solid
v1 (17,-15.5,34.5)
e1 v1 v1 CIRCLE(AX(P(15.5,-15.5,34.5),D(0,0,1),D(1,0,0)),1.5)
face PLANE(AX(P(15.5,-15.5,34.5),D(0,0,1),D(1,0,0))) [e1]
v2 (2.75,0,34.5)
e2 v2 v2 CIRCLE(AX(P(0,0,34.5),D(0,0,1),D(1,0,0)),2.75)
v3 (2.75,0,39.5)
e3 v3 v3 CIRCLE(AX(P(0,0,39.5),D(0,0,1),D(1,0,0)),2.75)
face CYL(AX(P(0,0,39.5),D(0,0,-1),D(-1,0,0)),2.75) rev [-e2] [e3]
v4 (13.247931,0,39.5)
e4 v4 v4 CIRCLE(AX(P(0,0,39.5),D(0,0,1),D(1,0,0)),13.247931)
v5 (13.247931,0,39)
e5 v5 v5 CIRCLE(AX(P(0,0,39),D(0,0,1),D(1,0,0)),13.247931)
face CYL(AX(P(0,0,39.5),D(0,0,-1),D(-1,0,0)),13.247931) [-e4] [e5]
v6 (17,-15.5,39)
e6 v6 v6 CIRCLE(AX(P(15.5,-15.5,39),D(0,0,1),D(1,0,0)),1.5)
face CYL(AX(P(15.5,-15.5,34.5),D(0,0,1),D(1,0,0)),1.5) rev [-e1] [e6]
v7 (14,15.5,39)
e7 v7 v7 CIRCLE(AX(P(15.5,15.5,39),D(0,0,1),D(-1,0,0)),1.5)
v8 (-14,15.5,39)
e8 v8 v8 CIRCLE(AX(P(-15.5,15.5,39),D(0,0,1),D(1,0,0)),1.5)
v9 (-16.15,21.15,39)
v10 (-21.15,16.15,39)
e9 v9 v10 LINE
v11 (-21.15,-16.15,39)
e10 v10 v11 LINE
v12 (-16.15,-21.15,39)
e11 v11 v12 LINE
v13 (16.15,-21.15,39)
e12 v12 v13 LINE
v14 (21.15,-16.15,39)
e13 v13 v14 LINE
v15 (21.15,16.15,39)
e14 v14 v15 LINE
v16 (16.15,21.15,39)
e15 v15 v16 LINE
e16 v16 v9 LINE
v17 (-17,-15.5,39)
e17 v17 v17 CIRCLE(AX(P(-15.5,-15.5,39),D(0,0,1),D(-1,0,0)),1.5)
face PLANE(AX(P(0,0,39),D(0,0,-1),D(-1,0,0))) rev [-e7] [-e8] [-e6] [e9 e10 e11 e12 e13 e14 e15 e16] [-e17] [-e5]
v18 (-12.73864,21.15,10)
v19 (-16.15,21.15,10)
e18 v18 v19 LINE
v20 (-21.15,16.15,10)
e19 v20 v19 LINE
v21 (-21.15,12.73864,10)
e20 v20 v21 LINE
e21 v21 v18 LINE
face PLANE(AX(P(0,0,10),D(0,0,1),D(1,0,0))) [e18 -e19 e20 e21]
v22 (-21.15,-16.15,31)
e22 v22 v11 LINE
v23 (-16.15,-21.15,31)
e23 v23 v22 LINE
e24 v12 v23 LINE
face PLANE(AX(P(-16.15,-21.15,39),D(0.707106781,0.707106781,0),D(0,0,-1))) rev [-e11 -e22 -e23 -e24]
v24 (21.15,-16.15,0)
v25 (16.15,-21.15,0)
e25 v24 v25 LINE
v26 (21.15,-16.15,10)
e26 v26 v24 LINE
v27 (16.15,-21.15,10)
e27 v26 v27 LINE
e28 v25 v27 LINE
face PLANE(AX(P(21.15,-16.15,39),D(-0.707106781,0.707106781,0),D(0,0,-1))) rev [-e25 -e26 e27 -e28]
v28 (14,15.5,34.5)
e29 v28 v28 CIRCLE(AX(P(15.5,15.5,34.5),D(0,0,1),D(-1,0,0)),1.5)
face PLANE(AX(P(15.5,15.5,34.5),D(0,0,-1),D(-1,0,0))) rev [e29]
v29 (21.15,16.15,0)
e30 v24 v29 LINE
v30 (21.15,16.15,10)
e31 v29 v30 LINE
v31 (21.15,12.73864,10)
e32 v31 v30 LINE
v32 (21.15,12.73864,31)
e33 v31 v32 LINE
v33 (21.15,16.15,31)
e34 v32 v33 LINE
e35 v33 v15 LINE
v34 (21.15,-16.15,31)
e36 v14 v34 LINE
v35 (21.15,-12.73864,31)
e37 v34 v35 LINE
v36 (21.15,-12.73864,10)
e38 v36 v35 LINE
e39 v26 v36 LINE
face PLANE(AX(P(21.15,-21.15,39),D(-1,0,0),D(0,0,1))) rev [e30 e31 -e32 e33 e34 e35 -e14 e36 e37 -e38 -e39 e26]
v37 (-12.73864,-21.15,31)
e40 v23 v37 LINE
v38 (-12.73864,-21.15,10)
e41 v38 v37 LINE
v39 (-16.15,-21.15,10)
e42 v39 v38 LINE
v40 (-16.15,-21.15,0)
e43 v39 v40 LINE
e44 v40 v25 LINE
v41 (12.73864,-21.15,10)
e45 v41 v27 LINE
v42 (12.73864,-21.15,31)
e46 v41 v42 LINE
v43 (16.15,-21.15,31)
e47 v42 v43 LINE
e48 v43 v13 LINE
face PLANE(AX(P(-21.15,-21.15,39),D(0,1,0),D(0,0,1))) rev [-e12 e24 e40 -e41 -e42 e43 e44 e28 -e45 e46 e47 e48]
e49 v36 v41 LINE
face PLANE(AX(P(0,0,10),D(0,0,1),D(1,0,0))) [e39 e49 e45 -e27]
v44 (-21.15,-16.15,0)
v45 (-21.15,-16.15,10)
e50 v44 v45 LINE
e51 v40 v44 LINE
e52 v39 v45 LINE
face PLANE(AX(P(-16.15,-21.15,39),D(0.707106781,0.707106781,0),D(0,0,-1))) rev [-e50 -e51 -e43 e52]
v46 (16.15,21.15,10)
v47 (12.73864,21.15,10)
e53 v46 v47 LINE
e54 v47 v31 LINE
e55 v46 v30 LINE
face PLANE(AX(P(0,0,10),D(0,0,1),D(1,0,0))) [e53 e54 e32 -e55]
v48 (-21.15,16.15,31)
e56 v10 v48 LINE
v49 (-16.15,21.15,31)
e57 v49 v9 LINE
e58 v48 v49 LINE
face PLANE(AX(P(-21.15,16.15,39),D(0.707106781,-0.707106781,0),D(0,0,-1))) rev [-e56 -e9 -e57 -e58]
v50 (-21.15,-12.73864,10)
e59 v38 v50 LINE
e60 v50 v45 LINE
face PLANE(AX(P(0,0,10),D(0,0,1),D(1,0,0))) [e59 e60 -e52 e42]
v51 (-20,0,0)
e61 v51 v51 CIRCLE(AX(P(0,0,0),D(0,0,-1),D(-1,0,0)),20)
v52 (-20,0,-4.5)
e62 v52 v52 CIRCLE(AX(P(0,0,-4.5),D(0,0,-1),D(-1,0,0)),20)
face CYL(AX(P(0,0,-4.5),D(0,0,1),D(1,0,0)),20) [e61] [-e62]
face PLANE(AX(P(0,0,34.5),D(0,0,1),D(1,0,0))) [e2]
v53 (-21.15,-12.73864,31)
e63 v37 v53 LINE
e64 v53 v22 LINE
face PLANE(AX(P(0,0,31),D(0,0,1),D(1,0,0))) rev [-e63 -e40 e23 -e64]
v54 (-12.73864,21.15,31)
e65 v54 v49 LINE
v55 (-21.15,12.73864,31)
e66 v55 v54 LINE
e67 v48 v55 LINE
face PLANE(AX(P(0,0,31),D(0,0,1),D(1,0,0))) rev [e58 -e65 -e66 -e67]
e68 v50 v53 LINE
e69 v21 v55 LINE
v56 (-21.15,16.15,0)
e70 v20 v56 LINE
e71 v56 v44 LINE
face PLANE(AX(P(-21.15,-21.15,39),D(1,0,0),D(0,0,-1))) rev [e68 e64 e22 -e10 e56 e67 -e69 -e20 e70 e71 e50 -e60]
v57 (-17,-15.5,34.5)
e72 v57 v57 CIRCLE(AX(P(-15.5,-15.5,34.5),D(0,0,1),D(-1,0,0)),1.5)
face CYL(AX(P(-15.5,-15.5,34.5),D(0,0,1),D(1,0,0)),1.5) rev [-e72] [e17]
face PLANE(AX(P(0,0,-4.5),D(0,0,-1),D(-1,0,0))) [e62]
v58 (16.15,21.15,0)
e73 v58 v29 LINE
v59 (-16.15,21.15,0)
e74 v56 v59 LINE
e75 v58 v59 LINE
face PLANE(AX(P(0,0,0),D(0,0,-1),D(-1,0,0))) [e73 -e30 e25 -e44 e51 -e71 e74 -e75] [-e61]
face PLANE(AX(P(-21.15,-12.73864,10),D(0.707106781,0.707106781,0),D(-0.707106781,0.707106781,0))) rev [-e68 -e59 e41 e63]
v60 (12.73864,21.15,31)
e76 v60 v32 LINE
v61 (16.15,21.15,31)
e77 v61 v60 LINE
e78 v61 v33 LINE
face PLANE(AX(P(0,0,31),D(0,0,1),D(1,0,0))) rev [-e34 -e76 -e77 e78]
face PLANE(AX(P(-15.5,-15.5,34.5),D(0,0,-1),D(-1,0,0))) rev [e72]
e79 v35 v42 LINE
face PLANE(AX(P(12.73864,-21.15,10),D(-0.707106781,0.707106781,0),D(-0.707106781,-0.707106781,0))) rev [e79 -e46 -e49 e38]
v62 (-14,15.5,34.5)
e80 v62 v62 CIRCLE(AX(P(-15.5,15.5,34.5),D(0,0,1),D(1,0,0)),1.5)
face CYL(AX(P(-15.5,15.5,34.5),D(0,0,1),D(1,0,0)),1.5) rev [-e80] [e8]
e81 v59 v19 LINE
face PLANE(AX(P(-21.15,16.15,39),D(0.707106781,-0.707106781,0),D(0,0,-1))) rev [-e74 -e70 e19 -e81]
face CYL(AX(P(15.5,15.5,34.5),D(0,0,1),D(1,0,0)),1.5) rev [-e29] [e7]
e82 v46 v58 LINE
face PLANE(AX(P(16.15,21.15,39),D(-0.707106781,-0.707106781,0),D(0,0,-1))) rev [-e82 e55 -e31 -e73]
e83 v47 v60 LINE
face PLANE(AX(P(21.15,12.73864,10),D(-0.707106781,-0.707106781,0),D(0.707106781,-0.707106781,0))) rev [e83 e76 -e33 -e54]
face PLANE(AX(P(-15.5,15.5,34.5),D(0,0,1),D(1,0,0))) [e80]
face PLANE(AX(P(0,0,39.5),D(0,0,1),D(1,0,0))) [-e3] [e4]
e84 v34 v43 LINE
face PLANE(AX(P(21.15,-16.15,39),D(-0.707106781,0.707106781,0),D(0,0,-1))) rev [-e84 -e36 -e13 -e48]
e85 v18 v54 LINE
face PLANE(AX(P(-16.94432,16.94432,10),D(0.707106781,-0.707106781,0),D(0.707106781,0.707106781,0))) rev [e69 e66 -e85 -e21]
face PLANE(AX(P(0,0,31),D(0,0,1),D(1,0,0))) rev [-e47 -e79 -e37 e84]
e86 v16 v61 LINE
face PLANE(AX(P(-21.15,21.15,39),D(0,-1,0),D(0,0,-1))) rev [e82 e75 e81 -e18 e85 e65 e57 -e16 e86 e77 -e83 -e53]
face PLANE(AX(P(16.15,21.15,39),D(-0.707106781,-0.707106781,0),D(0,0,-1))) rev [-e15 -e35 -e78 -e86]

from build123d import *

# Parameters (mm, degrees)
SKETCH2_W               = 42.3
SKETCH2_H               = 42.3
BOSS_EXTRUDE5_DEPTH     = 39
CHAMFER4_SIZE           = 5
CUT_EXTRUDE1_START      = -8
CUT_EXTRUDE1_DEPTH      = 21
SKETCH5_R               = 20
BOSS_EXTRUDE6_DEPTH     = 4.5
SKETCH7_R               = 1.5
CUT_EXTRUDE3_DEPTH      = 4.5
SKETCH8_R               = 13.24793055
BOSS_EXTRUDE7_DEPTH     = 0.5
CUT_EXTRUDE2_DEPTH      = 53.791050378
CUT_EXTRUDE2_DEPTH_BACK = 4.5
SKETCH6_R               = 2.75


with BuildPart() as part:
    # Sketch2 → Boss-Extrude5 (new body)
    with BuildSketch(Plane.XY):
        Rectangle(SKETCH2_W, SKETCH2_H)
    extrude(amount=BOSS_EXTRUDE5_DEPTH)

    # Chamfer4
    chamfer4_edges = [part.edges().sort_by_distance(p)[0] for p in [
        (21.15, -21.15, 19.5),
        (-21.15, -21.15, 19.5),
        (-21.15, 21.15, 19.5),
        (21.15, 21.15, 19.5),
    ]]
    chamfer(chamfer4_edges, length=CHAMFER4_SIZE)

    # Sketch3 → Cut-Extrude1 (cut)
    with BuildSketch(Plane.XY.offset(39).offset(CUT_EXTRUDE1_START)):
        Polygon((-21.15, 21.15), (-21.15, 12.738640345), (-16.944320172, 16.944320172), (-12.738640345, 21.15), align=None)
        Polygon((21.15, -12.738640345), (21.15, -21.15), (12.738640345, -21.15), (16.944320172, -16.944320172), align=None)
        Polygon((12.738640345, 21.15), (21.15, 21.15), (21.15, 12.738640345), (16.944320172, 16.944320172), align=None)
        Polygon((-12.738640345, -21.15), (-21.15, -21.15), (-21.15, -12.738640345), (-16.944320172, -16.944320172), align=None)
    extrude(amount=-CUT_EXTRUDE1_DEPTH, mode=Mode.SUBTRACT)

    # Sketch5 → Boss-Extrude6 (add)
    with BuildSketch(Plane(origin=(0, 0, 0), x_dir=(-1, 0, 0), z_dir=(0, 0, -1))):
        Circle(SKETCH5_R)
    extrude(amount=BOSS_EXTRUDE6_DEPTH)

    # Sketch7 → Cut-Extrude3 (cut)
    with BuildSketch(Plane.XY.offset(39)):
        with Locations((-15.5, 15.5)):
            Circle(SKETCH7_R)
        with Locations(Location((-15.5, -15.5, 0), (0, 0, 180))):
            Circle(SKETCH7_R)
        with Locations(Location((15.5, 15.5, 0), (0, 0, 180))):
            Circle(SKETCH7_R)
        with Locations((15.5, -15.5)):
            Circle(SKETCH7_R)
    extrude(amount=-CUT_EXTRUDE3_DEPTH, mode=Mode.SUBTRACT)

    # Sketch8 → Boss-Extrude7 (add)
    with BuildSketch(Plane.XY.offset(39)):
        Circle(SKETCH8_R)
    extrude(amount=BOSS_EXTRUDE7_DEPTH)

    # Sketch6 → Cut-Extrude2 (cut, two sides: drawn at the far end of the back side and taken through both)
    with BuildSketch(Plane.XY.offset(39).offset(-CUT_EXTRUDE2_DEPTH_BACK)):
        Circle(SKETCH6_R)
    extrude(amount=CUT_EXTRUDE2_DEPTH + CUT_EXTRUDE2_DEPTH_BACK, mode=Mode.SUBTRACT)


solid = part.part
